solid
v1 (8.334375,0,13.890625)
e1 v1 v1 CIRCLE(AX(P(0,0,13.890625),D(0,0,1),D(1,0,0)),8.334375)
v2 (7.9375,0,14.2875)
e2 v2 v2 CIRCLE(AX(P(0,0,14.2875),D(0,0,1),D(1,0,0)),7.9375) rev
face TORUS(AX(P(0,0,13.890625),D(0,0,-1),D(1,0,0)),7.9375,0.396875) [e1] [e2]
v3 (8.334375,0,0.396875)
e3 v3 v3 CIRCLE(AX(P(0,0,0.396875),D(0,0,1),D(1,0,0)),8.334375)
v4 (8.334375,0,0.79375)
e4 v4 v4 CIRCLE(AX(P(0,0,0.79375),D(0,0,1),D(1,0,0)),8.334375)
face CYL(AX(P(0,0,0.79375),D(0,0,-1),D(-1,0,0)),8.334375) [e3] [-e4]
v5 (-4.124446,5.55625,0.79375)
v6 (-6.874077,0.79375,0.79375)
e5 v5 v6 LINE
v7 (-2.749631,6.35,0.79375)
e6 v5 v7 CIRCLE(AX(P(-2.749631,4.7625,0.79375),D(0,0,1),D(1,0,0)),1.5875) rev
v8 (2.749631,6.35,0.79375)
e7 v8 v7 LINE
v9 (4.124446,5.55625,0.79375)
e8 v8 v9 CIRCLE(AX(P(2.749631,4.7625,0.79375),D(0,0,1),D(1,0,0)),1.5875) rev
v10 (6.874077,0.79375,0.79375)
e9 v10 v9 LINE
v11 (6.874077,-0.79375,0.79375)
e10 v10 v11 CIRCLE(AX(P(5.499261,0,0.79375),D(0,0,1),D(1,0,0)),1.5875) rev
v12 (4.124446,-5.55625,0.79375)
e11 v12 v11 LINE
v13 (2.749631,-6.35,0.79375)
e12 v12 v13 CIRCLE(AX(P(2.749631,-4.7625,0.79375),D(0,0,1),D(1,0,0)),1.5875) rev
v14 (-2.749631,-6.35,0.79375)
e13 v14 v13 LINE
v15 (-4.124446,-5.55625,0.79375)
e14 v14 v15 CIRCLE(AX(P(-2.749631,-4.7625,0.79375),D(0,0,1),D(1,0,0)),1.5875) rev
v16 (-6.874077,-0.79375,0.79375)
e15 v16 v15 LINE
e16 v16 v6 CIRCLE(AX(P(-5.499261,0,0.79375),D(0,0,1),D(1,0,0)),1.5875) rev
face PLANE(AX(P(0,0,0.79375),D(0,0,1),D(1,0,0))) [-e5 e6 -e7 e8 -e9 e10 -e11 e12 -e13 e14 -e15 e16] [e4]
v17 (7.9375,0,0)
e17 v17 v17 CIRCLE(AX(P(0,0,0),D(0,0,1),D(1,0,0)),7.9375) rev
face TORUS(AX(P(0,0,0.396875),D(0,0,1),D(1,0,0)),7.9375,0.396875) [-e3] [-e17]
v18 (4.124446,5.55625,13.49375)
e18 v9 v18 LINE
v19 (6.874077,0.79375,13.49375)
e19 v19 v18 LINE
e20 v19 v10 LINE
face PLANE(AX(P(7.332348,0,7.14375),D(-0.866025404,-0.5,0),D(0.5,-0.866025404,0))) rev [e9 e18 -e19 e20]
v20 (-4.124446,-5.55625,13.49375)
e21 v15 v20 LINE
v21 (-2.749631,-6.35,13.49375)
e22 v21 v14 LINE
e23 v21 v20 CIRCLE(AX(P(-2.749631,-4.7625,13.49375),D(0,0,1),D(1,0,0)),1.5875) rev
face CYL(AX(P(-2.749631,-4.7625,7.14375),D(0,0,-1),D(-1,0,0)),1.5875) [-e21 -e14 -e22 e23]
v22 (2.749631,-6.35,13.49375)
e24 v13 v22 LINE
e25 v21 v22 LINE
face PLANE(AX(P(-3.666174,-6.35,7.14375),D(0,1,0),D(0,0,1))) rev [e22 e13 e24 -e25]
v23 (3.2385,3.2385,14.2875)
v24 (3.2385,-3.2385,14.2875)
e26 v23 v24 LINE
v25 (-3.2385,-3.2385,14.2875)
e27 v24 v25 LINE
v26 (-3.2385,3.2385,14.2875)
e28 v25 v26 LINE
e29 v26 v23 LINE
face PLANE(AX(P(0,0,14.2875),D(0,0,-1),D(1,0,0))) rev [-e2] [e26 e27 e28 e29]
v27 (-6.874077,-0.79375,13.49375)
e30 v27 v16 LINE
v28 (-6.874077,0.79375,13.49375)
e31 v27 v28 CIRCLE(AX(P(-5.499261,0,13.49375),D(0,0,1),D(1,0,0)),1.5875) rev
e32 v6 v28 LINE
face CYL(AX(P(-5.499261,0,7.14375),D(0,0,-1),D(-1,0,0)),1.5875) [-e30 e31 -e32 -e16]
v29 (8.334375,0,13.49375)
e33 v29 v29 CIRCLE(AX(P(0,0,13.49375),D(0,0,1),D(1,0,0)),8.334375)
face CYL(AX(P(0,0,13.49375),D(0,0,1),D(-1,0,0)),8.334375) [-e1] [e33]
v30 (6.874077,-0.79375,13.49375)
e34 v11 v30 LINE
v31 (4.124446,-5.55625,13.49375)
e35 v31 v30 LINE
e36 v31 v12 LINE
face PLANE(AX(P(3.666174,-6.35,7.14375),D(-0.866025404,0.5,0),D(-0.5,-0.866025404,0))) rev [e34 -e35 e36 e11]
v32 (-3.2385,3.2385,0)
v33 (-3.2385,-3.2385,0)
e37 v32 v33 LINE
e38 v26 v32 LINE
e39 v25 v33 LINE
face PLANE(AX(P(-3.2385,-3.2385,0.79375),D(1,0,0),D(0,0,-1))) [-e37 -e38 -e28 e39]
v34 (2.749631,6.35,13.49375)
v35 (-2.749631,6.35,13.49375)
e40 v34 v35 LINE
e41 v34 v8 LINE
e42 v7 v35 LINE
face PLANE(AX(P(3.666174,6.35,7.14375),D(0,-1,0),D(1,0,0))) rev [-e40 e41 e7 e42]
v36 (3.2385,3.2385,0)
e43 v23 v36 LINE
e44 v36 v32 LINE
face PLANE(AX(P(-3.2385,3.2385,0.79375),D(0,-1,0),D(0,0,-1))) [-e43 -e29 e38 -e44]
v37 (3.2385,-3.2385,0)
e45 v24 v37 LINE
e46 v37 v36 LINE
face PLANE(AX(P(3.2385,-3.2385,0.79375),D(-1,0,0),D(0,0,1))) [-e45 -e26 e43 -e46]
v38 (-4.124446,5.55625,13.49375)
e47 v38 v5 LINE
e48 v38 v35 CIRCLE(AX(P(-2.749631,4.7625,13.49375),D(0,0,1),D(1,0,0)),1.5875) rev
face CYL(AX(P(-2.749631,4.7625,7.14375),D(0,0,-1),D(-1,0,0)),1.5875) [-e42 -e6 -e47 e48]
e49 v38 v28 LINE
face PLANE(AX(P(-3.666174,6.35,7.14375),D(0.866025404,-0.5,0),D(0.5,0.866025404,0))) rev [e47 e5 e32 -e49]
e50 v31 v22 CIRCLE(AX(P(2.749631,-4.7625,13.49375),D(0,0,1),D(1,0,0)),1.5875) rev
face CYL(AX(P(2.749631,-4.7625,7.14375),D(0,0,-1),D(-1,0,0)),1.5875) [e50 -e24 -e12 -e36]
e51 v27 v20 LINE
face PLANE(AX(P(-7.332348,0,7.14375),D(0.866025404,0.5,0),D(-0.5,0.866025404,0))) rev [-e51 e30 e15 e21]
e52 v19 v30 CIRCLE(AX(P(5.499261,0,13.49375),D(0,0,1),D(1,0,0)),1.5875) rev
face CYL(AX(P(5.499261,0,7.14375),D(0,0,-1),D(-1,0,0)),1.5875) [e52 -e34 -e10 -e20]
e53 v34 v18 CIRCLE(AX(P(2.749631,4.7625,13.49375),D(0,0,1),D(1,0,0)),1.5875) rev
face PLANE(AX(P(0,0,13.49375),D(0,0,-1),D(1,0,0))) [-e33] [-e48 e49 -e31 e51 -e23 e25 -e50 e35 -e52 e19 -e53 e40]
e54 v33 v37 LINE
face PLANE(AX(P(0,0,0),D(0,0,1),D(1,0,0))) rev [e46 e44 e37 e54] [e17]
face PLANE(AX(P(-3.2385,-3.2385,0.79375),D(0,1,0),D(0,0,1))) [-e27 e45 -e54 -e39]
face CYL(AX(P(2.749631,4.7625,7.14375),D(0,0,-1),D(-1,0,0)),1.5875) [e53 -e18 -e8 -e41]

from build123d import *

# Parameters (mm, degrees)
SKETCH1_R           = 8.334375
SKETCH1_W           = 6.477
SKETCH1_H           = 6.477
BOSS_EXTRUDE1_DEPTH = 0.79375
SKETCH2_W           = 6.477
SKETCH2_H           = 6.477
BOSS_EXTRUDE2_DEPTH = 6.35
SKETCH3_R           = 5.1435
CUT_EXTRUDE1_DEPTH  = 1.27
FILLET1_R           = 1.5875
FILLET2_R           = 0.396875
SKETCH5_R           = 5.1435
SKETCH5_W           = 6.477
SKETCH5_H           = 6.477
BOSS_EXTRUDE3_DEPTH = 1.27
BOSS_EXTRUDE4_START = 1.27
SKETCH6_R           = 5.1435
SKETCH6_W           = 6.477
SKETCH6_H           = 6.477
BOSS_EXTRUDE4_DEPTH = 1.27


with BuildPart() as part:
    # Sketch1 → Boss-Extrude1 (new body)
    with BuildSketch(Plane.XY):
        Circle(SKETCH1_R)
        Rectangle(SKETCH1_W, SKETCH1_H, mode=Mode.SUBTRACT)
    extrude(amount=BOSS_EXTRUDE1_DEPTH)

    # Sketch2 → Boss-Extrude2 (add)
    with BuildSketch(Plane.XY.offset(0.79375)):
        Polygon((7.332348419, 0), (3.666174209, 6.35), (-3.666174209, 6.35), (-7.332348419, 0), (-3.666174209, -6.35), (3.666174209, -6.35), align=None)
        Rectangle(SKETCH2_W, SKETCH2_H, mode=Mode.SUBTRACT)
    extrude(amount=BOSS_EXTRUDE2_DEPTH)

    # Sketch3 → Cut-Extrude1 (cut)
    with BuildSketch(Plane(origin=(0, 0, 0), x_dir=(-1, 0, 0), z_dir=(0, 0, -1))):
        Circle(SKETCH3_R)
    extrude(amount=-CUT_EXTRUDE1_DEPTH, mode=Mode.SUBTRACT)

    # Fillet1
    fillet1_edges = [part.edges().sort_by_distance(p)[0] for p in [
        (3.666174209, -6.35, 3.96875),
        (7.332348419, 0, 3.96875),
        (3.666174209, 6.35, 3.96875),
        (-3.666174209, 6.35, 3.96875),
        (-7.332348419, 0, 3.96875),
        (-3.666174209, -6.35, 3.96875),
    ]]
    fillet(fillet1_edges, radius=FILLET1_R)

    # Fillet2
    fillet2_edges = [part.edges().sort_by_distance(p)[0] for p in [
        (-8.334375, 0, 0),
    ]]
    fillet(fillet2_edges, radius=FILLET2_R)

    # Mirror1: part across plane


with BuildPart() as part_1:
    add(part.part)
    add(part.part.mirror(Plane.XY.offset(7.14375)))

    # Sketch5 → Boss-Extrude3 (add)
    with BuildSketch(Plane(origin=(0, 0, 1.27), x_dir=(-1, 0, 0), z_dir=(0, 0, -1))):
        Circle(SKETCH5_R)
        Rectangle(SKETCH5_W, SKETCH5_H, mode=Mode.SUBTRACT)
    extrude(amount=BOSS_EXTRUDE3_DEPTH)

    # Sketch6 → Boss-Extrude4 (add)
    with BuildSketch(Plane.XY.offset(13.0175).offset(BOSS_EXTRUDE4_START)):
        Circle(SKETCH6_R)
        Rectangle(SKETCH6_W, SKETCH6_H, mode=Mode.SUBTRACT)
    extrude(amount=-BOSS_EXTRUDE4_DEPTH)


solid = part_1.part
